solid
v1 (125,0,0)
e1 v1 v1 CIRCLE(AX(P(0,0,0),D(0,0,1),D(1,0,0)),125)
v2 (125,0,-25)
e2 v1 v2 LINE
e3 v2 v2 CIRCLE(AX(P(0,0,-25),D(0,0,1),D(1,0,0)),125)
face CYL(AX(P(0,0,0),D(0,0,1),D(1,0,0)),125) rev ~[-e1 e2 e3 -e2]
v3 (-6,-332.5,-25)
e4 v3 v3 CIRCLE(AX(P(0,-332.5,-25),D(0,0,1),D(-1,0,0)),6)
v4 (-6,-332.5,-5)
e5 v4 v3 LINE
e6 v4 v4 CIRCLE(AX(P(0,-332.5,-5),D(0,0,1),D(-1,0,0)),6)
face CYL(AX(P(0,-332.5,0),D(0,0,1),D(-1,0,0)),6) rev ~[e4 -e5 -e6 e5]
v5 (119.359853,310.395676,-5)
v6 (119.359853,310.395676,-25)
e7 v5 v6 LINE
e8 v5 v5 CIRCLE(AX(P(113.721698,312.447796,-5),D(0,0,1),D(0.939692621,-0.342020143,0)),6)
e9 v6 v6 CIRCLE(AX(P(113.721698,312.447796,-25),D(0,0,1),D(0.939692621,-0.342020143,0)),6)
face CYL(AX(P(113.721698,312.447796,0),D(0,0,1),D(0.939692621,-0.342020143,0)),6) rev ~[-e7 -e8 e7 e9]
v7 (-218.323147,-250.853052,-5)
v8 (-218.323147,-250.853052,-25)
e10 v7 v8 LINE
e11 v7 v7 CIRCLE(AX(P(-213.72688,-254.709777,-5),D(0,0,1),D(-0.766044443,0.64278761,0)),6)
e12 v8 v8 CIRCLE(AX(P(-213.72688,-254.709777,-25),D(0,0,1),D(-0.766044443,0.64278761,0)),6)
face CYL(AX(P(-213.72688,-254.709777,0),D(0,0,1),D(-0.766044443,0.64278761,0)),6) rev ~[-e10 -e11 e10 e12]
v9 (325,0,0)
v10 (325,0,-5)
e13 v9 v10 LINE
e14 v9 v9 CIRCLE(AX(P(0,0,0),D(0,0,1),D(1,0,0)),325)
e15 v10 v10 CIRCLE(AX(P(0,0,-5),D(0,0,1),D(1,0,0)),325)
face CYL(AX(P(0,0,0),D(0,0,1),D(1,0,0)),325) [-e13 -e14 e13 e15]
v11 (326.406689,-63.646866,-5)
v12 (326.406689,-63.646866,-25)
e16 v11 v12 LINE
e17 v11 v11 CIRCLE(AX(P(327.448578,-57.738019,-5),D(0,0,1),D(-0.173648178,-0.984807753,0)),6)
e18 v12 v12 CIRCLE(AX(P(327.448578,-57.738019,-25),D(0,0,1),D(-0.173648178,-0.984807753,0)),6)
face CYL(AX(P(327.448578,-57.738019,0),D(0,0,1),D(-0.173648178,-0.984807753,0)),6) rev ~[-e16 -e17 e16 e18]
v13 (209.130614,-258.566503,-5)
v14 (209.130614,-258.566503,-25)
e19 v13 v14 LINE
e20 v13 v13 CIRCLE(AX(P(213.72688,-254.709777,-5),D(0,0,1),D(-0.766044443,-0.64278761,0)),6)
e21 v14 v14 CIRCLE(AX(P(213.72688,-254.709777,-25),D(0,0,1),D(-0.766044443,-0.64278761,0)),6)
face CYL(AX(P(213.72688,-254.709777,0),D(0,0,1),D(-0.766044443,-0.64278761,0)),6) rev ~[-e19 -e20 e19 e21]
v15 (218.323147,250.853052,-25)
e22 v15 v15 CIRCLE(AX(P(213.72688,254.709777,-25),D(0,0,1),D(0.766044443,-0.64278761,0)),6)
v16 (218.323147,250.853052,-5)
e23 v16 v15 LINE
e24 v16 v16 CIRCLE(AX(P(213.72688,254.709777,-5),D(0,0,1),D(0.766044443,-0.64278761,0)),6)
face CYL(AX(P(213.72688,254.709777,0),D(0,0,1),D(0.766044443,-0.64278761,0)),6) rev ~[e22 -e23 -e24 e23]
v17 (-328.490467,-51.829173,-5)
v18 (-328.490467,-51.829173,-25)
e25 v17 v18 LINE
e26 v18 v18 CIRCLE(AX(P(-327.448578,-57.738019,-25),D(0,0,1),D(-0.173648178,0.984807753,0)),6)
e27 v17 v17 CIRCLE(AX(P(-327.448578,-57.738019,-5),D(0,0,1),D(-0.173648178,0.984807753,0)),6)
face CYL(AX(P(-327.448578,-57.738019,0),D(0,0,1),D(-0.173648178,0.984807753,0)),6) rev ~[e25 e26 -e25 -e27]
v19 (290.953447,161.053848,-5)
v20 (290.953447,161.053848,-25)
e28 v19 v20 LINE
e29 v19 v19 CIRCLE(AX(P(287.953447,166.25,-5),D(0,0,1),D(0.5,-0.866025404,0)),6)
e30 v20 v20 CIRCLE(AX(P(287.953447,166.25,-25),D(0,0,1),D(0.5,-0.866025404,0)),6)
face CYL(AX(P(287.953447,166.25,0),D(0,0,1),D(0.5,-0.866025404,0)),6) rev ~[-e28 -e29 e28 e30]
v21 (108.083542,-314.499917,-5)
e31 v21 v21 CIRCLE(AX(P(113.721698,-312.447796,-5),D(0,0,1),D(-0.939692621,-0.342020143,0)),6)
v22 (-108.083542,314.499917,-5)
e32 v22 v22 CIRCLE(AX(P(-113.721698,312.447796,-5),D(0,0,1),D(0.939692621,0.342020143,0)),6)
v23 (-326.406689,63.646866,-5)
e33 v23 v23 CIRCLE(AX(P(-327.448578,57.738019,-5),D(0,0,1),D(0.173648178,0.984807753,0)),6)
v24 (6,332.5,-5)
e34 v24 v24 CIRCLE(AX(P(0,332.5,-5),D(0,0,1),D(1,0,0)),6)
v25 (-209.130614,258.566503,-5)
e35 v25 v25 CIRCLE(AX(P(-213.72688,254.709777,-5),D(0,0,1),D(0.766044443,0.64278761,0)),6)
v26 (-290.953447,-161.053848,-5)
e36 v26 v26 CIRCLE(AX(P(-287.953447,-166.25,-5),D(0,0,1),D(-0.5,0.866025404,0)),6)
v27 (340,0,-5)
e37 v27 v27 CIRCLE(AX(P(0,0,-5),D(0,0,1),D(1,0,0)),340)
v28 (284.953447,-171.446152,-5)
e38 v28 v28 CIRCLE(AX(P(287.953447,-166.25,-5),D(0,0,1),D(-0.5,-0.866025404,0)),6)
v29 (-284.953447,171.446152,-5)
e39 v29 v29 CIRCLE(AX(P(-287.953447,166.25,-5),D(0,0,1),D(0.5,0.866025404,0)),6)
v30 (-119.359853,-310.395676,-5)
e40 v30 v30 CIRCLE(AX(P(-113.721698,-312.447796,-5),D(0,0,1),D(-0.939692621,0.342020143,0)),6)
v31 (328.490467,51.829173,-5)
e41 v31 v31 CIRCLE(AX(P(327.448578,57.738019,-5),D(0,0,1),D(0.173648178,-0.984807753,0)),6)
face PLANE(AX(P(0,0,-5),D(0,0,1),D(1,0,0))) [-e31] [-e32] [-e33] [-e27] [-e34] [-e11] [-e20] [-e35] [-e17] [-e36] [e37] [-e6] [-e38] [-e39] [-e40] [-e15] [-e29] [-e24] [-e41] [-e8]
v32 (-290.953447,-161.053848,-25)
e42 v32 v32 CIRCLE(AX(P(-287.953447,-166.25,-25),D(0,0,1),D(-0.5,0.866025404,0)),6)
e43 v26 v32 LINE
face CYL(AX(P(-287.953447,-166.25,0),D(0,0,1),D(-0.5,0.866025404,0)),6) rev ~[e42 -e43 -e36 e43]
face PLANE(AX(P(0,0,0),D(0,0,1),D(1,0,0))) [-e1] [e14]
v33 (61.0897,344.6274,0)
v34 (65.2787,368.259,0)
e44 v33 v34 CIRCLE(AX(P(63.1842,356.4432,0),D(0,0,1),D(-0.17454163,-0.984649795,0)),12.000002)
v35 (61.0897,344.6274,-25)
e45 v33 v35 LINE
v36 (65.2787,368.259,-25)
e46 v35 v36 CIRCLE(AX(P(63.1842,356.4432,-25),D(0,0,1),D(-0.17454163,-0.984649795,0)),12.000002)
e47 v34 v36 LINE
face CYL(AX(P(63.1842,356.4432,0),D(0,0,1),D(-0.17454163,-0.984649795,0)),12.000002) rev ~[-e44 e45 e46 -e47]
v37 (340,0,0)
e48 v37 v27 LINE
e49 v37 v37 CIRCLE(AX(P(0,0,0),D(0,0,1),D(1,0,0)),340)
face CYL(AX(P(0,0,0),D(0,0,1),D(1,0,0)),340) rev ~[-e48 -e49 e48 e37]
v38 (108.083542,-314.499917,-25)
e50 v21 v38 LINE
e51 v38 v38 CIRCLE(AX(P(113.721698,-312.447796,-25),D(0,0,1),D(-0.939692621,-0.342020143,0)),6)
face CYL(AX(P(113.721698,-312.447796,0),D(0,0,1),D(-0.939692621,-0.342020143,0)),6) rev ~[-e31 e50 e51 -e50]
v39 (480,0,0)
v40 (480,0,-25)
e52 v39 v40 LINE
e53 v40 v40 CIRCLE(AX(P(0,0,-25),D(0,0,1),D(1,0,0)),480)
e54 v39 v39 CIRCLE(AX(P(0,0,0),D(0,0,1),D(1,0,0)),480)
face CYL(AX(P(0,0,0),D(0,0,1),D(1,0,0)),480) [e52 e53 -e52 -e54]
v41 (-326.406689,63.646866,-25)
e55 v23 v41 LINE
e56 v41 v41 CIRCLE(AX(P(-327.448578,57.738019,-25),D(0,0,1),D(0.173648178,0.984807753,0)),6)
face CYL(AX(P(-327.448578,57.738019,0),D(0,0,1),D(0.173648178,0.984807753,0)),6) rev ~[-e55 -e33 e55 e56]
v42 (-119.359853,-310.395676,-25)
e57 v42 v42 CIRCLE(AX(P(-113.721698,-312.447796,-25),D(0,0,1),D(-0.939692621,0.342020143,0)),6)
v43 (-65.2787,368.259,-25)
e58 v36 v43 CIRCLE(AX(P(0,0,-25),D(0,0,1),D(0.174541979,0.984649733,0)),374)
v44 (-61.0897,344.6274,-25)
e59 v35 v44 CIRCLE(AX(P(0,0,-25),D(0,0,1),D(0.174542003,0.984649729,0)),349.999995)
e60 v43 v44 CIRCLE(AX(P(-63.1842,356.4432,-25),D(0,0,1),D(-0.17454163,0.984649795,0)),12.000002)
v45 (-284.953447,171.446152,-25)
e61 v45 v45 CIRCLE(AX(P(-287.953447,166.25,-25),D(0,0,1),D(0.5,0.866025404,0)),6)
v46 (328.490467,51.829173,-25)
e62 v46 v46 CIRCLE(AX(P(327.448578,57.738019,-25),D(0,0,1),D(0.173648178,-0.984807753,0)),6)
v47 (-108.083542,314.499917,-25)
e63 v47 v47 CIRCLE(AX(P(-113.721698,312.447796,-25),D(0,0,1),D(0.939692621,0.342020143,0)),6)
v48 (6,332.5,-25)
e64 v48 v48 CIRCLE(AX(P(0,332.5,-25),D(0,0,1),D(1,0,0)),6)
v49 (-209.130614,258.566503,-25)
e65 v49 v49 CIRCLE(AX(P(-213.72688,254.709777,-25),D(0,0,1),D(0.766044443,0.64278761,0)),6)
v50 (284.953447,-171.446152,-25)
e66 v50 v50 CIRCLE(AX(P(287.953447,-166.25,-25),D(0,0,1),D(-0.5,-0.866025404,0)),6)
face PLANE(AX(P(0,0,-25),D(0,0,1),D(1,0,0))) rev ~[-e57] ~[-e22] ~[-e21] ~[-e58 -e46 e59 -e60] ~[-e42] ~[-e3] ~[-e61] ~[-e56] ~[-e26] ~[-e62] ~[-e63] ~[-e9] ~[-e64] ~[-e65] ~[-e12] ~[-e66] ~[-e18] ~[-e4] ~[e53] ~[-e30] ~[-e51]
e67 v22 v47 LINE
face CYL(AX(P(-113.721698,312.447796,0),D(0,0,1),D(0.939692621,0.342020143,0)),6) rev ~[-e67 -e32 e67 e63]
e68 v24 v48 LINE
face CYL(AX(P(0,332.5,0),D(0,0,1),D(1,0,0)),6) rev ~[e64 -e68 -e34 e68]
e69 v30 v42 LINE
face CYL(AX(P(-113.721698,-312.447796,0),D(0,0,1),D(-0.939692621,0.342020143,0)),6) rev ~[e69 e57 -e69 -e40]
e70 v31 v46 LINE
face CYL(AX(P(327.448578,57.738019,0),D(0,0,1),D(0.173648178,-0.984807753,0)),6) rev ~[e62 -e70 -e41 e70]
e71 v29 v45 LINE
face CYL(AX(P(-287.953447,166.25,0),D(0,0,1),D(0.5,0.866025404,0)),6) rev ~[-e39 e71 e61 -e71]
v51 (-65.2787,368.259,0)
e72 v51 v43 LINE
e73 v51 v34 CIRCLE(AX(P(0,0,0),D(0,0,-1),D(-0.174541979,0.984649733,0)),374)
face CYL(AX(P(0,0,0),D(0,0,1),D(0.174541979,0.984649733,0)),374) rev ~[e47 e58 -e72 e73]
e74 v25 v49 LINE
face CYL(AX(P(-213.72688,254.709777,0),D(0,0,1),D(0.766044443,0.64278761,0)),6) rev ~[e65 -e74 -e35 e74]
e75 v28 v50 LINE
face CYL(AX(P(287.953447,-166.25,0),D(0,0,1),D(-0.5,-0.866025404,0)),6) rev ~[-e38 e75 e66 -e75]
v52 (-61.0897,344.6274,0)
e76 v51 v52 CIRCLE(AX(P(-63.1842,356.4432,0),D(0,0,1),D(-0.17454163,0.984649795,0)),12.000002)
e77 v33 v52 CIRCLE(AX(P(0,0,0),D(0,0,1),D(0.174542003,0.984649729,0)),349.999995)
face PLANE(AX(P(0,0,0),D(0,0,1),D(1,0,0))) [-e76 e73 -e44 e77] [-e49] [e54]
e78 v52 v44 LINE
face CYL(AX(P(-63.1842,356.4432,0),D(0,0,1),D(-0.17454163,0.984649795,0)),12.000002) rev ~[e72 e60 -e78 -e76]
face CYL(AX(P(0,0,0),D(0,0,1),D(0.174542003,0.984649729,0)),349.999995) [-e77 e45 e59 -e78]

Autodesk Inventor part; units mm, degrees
ref_plane "YZ Plane" through (0, 0, 0) normal (1, 0, 0) x (0, 1, 0)
ref_plane "XZ Plane" through (0, 0, 0) normal (0, 1, 0) x (-1, 0, 0)
ref_plane "XY Plane" through (0, 0, 0) normal (0, 0, 1) x (1, 0, 0)
sketch "Boceto1" plane through (0, 0, 0) normal (0, 0, 1) x (1, 0, 0)
  circle A0 centre (0, 0) radius 480
  circle A1 centre (0, 0) radius 125
  dimension "d0" = 960
  dimension "d1" = 250
extrude "Extrusión1" add sketch "Boceto1" against normal blind 25
sketch "Boceto2" plane through (0, 0, 0) normal (0, 0, 1) x (1, 0, 0)
  circle A0 centre (0, 0) radius 325
  circle A1 centre (0, 0) radius 340
  dimension "d4" = 680
  dimension "d5" = 650
extrude "Extrusión2" cut sketch "Boceto2" against normal blind 5
sketch "Boceto3" plane through (0, 0, 0) normal (0, 0, 1) x (1, 0, 0)
  arc A0 (63.1842, 356.4432) -> (-63.1842, 356.4432) centre (0, 0) ccw construction
  arc A1 (65.2787, 368.259) -> (-65.2787, 368.259) centre (0, 0) ccw
  arc A2 (61.0897, 344.6274) -> (-61.0897, 344.6274) centre (0, 0) ccw
  arc A3 (61.0897, 344.6274) -> (65.2787, 368.259) centre (63.1842, 356.4432) ccw
  arc A4 (-65.2787, 368.259) -> (-61.0897, 344.6274) centre (-63.1842, 356.4432) ccw
  line L0 (0, -74.8) -> (0, 448.8) projected
  point P0 (75, 354.3487)
  point P1 (-75, 354.3487)
  point P2 (0, 362)
  dimension "d8" = 12
  dimension "d9" = 362
  dimension "d15" = 150
extrude "Extrusión3" cut sketch "Boceto3" against normal up to next
sketch "Boceto4" plane through (0, 0, 0) normal (0, 0, 1) x (1, 0, 0)
  circle A0 centre (0, 0) radius 332.5 construction
  circle A1 centre (0, 332.5) radius 6
  dimension "d18" = 665
  dimension "d19" = 12
extrude "Extrusión4" cut sketch "Boceto4" against normal through all
pattern_circular "Patrón circular1" count 18 over 360 about axis through (0, 0, -10) along (0, 0, 1) of "Extrusión4"
properties part number "Brida_1 (flange_1)"
